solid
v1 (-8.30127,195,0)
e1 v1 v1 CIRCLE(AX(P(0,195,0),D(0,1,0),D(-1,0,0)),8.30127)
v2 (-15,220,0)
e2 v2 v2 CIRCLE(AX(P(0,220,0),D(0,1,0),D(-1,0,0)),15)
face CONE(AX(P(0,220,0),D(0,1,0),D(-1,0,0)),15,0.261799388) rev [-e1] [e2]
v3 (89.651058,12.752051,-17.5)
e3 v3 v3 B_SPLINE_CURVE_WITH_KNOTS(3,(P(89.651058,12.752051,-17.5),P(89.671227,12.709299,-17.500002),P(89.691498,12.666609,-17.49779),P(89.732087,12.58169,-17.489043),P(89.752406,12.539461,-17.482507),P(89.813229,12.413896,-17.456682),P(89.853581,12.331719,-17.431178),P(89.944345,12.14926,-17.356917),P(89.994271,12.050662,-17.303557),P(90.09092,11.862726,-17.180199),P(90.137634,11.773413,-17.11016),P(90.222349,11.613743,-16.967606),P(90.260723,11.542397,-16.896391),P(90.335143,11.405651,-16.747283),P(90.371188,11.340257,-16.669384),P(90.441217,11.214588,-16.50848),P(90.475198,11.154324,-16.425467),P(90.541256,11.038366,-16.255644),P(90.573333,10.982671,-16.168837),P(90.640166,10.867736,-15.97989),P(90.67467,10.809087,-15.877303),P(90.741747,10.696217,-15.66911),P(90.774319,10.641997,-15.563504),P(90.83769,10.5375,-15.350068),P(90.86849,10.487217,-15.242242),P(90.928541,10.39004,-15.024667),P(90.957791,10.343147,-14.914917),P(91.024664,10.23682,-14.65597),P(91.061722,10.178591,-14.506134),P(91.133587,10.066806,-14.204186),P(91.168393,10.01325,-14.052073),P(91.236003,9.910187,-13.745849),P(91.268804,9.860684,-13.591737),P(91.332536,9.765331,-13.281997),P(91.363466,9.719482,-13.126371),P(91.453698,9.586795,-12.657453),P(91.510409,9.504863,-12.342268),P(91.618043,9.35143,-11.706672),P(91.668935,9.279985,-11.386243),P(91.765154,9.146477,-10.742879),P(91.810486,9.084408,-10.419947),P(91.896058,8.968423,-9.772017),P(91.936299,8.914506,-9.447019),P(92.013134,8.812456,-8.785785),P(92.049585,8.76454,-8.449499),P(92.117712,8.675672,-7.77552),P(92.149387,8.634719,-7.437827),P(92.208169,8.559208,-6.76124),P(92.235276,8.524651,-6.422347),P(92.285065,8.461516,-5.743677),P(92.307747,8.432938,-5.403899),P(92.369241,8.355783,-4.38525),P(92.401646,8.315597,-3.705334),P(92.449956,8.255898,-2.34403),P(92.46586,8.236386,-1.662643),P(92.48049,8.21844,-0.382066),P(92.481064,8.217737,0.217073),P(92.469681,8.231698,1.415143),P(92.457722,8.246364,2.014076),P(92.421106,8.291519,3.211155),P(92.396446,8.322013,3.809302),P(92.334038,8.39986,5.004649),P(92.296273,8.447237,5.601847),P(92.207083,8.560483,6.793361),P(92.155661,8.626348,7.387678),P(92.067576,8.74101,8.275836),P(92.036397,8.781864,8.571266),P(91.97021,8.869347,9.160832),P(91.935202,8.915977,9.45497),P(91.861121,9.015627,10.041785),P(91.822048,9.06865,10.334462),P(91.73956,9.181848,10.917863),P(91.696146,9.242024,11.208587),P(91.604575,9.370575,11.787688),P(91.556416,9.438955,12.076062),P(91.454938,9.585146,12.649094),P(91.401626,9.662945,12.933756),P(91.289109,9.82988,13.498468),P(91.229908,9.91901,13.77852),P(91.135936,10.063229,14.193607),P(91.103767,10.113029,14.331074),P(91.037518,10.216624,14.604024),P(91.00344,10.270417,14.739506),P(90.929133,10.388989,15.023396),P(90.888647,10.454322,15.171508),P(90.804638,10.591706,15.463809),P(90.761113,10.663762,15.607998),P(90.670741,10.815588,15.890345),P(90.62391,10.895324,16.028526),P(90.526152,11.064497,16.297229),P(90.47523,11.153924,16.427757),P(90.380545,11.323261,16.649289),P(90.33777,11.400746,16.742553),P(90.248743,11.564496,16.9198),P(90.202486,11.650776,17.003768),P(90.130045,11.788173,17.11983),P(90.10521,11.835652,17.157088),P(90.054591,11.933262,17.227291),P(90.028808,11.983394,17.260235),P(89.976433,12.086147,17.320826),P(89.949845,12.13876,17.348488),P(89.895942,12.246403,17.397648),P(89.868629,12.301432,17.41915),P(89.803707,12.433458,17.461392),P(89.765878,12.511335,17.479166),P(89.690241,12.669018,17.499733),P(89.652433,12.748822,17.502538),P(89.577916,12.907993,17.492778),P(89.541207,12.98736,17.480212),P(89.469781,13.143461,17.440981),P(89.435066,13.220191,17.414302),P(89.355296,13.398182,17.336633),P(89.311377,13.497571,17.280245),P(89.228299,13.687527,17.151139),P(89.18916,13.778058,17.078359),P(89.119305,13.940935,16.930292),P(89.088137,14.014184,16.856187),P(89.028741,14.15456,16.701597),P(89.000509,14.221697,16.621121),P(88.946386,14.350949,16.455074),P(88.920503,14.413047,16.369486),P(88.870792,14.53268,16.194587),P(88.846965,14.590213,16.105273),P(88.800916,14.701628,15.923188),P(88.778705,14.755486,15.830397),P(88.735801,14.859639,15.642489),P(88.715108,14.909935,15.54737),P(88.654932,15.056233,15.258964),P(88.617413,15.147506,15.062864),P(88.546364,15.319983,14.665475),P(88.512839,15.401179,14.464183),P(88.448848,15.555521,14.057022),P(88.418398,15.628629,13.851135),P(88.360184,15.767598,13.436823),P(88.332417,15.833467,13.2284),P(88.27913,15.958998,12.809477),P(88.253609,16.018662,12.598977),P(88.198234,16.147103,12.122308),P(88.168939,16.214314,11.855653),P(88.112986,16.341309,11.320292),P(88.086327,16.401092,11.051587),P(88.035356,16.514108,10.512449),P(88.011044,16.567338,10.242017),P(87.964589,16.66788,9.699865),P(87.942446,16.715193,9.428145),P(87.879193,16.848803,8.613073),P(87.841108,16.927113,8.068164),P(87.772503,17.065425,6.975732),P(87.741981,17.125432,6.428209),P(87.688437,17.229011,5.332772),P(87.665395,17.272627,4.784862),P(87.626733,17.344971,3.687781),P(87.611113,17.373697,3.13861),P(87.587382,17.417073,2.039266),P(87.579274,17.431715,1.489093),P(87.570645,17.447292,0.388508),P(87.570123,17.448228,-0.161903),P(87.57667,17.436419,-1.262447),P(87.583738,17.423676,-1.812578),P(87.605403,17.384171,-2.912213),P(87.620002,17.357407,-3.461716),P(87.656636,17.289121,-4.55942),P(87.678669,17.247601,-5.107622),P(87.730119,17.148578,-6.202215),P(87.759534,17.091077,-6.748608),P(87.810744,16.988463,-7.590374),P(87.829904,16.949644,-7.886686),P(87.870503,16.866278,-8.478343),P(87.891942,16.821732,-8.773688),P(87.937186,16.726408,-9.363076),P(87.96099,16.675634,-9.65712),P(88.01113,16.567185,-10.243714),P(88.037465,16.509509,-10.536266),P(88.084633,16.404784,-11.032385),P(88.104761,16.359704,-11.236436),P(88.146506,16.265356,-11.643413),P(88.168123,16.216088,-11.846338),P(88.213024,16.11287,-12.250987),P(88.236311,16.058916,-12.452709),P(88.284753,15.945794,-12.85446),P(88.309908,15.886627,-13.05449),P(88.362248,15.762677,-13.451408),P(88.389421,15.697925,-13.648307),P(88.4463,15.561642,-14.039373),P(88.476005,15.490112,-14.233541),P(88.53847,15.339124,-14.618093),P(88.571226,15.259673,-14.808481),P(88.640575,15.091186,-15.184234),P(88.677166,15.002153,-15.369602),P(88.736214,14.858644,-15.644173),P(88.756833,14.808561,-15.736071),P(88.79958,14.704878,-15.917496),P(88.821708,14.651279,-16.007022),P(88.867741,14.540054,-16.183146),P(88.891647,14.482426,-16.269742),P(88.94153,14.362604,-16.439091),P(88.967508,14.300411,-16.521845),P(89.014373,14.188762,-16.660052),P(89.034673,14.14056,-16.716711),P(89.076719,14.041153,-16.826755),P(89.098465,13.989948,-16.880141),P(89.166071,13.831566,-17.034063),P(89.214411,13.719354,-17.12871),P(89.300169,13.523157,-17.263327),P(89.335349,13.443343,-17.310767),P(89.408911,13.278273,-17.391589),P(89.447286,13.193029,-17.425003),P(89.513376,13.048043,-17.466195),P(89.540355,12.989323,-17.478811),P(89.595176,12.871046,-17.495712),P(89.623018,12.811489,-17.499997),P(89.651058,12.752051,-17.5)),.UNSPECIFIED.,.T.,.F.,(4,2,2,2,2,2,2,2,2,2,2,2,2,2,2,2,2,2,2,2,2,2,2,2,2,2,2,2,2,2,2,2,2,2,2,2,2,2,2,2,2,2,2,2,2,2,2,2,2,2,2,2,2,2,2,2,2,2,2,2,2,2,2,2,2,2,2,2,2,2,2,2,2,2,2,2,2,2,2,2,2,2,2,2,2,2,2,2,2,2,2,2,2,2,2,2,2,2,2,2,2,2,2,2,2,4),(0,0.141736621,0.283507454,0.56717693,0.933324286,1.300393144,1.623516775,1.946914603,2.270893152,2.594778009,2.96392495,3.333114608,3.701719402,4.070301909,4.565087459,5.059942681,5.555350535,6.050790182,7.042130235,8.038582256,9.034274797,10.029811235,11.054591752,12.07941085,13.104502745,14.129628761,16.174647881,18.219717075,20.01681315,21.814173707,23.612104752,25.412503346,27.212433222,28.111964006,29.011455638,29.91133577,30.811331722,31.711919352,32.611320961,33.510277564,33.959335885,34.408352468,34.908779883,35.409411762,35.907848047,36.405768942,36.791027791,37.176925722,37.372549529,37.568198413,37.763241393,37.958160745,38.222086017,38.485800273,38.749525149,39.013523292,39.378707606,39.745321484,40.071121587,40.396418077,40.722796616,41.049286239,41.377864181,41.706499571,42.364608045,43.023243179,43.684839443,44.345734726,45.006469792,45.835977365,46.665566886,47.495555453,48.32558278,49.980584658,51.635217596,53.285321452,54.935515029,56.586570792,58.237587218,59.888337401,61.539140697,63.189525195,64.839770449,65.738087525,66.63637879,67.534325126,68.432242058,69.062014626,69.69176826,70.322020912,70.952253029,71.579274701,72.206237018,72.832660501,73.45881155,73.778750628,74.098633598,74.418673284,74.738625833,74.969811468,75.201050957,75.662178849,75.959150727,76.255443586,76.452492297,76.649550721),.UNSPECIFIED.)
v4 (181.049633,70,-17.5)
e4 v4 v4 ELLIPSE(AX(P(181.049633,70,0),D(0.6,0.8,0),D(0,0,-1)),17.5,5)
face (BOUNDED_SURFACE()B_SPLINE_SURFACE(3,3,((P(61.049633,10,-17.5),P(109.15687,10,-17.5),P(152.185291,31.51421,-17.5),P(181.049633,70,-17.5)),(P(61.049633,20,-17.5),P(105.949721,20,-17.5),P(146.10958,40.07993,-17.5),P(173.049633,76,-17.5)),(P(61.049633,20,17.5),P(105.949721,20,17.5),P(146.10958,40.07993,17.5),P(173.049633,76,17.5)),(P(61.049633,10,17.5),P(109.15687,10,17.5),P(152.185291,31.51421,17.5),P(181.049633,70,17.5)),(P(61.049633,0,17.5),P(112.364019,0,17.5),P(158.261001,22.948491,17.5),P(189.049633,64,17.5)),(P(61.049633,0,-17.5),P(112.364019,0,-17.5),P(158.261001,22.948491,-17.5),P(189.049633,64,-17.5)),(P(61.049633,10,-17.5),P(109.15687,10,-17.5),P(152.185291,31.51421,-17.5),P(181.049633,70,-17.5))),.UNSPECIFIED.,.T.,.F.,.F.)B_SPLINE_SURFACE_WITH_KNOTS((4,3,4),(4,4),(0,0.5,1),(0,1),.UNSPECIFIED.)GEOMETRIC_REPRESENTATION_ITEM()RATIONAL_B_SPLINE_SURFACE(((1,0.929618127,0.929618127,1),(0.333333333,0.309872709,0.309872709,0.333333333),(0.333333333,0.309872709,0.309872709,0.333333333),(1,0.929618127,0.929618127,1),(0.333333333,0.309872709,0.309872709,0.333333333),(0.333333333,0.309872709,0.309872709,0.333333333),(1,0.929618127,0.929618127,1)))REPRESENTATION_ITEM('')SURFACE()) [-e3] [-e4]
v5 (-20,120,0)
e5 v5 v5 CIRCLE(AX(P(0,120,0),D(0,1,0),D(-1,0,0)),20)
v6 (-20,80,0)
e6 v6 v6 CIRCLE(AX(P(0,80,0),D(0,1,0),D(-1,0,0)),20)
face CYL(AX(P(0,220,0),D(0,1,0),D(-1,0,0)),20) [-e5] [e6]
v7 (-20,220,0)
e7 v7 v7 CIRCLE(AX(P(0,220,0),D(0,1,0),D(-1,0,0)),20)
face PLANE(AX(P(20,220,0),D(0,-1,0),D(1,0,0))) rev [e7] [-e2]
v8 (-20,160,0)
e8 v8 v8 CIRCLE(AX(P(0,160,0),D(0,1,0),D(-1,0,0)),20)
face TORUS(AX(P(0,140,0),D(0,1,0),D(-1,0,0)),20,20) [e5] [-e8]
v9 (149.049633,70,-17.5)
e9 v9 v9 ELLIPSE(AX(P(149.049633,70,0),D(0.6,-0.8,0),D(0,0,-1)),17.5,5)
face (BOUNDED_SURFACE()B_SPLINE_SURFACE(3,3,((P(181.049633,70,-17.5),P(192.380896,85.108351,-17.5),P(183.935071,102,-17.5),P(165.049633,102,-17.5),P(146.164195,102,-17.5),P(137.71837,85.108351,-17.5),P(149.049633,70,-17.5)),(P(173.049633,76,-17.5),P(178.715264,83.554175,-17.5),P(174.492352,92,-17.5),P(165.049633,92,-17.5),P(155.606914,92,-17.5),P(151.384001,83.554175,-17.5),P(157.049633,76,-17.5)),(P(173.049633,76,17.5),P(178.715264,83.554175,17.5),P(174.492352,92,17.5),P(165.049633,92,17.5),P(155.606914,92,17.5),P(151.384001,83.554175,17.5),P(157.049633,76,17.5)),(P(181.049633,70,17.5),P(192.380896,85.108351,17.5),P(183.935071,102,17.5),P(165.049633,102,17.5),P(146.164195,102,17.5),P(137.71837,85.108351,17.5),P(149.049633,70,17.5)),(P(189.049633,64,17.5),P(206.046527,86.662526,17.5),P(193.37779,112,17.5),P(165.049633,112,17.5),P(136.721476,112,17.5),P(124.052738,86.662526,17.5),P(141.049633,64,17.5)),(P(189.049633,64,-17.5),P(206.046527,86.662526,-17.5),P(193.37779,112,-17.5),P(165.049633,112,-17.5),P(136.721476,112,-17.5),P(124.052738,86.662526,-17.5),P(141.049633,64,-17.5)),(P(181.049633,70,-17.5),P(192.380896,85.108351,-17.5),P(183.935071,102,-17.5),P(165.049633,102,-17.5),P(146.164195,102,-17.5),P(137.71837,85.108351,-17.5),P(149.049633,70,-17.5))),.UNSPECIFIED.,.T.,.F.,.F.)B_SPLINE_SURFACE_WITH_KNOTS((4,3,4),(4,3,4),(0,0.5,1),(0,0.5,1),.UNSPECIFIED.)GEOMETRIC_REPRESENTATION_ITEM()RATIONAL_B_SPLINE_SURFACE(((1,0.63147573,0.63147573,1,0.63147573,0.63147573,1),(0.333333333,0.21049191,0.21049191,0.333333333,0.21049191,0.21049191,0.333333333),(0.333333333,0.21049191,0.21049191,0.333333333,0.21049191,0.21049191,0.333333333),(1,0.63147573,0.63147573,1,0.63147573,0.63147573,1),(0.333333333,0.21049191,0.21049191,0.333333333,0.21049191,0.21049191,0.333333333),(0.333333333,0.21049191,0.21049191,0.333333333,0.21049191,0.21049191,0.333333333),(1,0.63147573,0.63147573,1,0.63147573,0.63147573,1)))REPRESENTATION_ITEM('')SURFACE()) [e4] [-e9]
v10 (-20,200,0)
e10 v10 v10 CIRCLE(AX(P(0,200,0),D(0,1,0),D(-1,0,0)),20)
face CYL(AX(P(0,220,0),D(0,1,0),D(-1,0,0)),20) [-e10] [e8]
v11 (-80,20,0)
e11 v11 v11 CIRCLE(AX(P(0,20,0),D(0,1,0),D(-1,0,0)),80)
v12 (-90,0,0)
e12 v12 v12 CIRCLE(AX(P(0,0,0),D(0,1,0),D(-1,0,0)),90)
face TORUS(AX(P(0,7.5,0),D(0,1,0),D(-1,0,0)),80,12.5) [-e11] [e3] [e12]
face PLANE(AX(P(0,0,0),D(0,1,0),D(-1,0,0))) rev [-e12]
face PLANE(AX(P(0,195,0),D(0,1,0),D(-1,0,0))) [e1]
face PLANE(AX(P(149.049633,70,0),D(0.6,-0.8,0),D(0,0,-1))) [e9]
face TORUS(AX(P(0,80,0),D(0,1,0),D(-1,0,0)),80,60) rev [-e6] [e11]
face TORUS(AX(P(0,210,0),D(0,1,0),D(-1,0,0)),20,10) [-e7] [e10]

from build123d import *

# Parameters (mm, degrees)
SZKIC5_RX                  = 17.5
SZKIC5_RY                  = 5
SZKIC10_R                  = 15
WYTNIJ_WYCI_GNI_CIE1_DEPTH = 25
WYTNIJ_WYCI_GNI_CIE1_TAPER = 15


with BuildPart() as part:
    # Szkic1 → Obrót1 (revolve)
    with BuildSketch(Plane.XY):
        with BuildLine():
            Line((0, 0), (90, 0))
            ThreePointArc((90, 0), (91.180339887, 13.090169944), (80, 20))
            ThreePointArc((80, 20), (37.573593129, 37.573593129), (20, 80))
            Line((20, 80), (20, 120))
            ThreePointArc((20, 120), (40, 140), (20, 160))
            Line((20, 160), (20, 200))
            ThreePointArc((20, 200), (30, 210), (20, 220))
            Line((20, 220), (0, 220))
            Line((0, 220), (0, 0))
        make_face()
    revolve(axis=Axis((0, 220, 0), (0, -1, 0)))

    # Wyciągnięcie po ścieżce1: sweep along a path in Szkic4
    with BuildLine(Plane.XY) as wyci_gni_cie_po_cie_ce1_path:
        Line((0, 10), (61.049632822, 10))
        ThreePointArc((61.049632822, 10), (128.131672147, 25.83592135), (181.049632822, 70))
        ThreePointArc((181.049632822, 70), (165.049632822, 102), (149.049632822, 70))
    # Szkic5 → Wyciągnięcie po ścieżce1 (sweep)
    with BuildSketch(Plane(origin=(0, 0, 0), x_dir=(0, 0, -1), z_dir=(1, 0, 0))):
        with Locations((0, 10)):
            Ellipse(SZKIC5_RX, SZKIC5_RY)
    sweep(path=wyci_gni_cie_po_cie_ce1_path.line)

    # Szkic10 → Wytnij-wyciągnięcie1 (cut)
    with BuildSketch(Plane(origin=(0, 220, 0), x_dir=(1, 0, 0), z_dir=(0, 1, 0))):
        Circle(SZKIC10_R)
    extrude(amount=-WYTNIJ_WYCI_GNI_CIE1_DEPTH, taper=WYTNIJ_WYCI_GNI_CIE1_TAPER, mode=Mode.SUBTRACT)


solid = part.part
